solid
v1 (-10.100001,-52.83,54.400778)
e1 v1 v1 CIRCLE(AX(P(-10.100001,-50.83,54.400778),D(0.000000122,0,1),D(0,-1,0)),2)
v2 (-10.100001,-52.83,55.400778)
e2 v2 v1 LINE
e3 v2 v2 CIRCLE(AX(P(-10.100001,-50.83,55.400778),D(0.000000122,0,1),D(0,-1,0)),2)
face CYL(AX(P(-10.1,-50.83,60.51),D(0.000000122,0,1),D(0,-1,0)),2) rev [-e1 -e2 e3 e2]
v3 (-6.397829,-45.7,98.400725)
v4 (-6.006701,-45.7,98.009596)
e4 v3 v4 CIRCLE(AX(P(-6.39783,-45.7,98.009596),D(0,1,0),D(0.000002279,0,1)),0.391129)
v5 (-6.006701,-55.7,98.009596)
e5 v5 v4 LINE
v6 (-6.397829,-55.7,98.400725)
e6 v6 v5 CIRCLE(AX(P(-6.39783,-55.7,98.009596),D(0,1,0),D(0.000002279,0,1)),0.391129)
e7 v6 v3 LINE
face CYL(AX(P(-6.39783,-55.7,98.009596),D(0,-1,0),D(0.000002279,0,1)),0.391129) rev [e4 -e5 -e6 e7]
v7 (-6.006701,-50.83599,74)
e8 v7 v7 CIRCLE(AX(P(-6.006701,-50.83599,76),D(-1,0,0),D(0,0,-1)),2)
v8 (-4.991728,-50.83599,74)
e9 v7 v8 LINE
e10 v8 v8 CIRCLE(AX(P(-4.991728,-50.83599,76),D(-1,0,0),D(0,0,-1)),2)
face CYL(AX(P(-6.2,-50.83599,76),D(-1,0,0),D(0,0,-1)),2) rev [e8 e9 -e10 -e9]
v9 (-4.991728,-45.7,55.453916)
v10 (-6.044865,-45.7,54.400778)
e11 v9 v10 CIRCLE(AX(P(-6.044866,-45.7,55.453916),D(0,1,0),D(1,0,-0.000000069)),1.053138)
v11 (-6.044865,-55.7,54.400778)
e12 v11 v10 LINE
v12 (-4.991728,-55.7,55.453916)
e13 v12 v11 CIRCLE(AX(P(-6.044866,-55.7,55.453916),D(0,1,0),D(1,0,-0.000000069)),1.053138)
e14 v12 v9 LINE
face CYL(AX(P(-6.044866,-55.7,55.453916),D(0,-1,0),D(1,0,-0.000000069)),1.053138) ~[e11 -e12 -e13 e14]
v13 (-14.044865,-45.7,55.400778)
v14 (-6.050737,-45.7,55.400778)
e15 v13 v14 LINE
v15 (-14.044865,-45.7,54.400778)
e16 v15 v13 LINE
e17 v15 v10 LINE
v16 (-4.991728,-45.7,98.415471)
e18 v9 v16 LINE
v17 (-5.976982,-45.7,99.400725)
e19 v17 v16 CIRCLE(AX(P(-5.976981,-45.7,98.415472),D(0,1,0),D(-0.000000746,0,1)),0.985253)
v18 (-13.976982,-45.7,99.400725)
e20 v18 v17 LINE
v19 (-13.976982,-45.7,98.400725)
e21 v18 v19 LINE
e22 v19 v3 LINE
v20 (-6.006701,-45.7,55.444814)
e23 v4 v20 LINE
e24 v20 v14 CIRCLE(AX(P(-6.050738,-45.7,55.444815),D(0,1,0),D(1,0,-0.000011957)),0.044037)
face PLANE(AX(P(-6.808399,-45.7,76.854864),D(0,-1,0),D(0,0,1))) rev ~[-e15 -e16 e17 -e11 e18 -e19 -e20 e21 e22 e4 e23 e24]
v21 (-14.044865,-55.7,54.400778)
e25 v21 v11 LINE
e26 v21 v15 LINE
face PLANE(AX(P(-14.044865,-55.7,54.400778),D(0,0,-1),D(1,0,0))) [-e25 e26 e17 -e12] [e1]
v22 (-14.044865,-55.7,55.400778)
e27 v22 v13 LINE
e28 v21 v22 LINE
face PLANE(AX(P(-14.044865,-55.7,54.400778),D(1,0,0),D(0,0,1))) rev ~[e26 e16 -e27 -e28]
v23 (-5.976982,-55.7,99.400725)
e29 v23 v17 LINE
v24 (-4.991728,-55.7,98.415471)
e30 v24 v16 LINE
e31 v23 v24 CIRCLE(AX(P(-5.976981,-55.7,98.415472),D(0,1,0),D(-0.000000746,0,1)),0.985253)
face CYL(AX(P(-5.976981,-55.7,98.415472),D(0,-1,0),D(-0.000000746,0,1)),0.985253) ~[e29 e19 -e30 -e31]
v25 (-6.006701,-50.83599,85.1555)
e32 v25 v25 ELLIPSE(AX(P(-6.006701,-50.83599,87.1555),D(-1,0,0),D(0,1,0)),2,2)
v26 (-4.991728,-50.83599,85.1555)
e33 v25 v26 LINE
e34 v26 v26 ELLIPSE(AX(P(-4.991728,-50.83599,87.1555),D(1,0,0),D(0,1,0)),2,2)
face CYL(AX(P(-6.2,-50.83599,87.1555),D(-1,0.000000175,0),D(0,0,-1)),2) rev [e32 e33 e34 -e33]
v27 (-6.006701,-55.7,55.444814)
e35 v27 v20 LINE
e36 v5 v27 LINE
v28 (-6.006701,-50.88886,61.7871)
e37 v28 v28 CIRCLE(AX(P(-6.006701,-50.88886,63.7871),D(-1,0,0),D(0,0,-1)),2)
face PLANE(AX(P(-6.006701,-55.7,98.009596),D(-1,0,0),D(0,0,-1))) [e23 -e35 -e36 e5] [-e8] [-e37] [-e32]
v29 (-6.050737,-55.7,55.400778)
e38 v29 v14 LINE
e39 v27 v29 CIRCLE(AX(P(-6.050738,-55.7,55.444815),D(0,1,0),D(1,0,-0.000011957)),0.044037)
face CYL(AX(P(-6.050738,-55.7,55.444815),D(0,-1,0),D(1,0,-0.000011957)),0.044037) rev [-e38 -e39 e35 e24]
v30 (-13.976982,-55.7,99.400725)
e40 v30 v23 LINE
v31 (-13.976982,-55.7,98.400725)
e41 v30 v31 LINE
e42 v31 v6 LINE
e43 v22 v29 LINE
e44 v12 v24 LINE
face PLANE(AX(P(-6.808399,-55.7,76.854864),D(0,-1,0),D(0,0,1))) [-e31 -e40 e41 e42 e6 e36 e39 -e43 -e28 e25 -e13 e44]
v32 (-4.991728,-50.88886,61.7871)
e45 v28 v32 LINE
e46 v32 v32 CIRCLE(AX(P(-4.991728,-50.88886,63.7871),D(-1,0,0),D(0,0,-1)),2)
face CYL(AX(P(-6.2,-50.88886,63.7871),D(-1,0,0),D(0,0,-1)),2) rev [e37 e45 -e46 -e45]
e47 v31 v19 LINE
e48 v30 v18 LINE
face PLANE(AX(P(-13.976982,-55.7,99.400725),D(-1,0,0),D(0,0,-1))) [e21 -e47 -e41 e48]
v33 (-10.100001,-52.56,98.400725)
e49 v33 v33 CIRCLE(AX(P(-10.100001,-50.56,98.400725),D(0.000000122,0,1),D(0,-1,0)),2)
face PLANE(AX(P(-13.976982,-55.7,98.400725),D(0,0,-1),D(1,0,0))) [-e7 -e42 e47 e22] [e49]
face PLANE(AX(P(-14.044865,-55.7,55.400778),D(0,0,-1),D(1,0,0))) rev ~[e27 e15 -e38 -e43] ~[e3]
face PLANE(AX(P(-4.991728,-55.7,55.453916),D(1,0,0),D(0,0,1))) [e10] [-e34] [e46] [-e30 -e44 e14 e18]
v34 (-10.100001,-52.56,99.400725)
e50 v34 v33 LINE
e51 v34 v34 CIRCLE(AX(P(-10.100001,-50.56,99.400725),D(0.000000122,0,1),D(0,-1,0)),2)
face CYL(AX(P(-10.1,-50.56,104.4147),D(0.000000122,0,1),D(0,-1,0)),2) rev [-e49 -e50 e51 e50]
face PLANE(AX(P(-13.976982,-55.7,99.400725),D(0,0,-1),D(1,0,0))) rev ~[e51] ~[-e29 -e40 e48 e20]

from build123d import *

# Parameters (mm, degrees)
CYLINDER030_R               = 2
CYLINDER030_DEPTH           = 10
CYLINDER030_PITCH_ANGLE     = 90
CYLINDER030_PLACEMENT_ANGLE = 7e-06
CYLINDER031_R               = 2
CYLINDER031_DEPTH           = 10
CYLINDER031_PITCH_ANGLE     = 90
CYLINDER031_PLACEMENT_ANGLE = 7e-06
CYLINDER026_R               = 2
CYLINDER026_DEPTH           = 2
CYLINDER026_ROLL_ANGLE      = -88.507054
CYLINDER026_PITCH_ANGLE     = -87.01751
CYLINDER026_PLACEMENT_ANGLE = -92.244015
CYLINDER028_R               = 2
CYLINDER028_DEPTH           = 2
CYLINDER028_PLACEMENT_ANGLE = 90.00001
CYLINDER029_R               = 2
CYLINDER029_DEPTH           = 2
CYLINDER029_ROLL_ANGLE      = 90
CYLINDER027_R               = 2
CYLINDER027_DEPTH           = 2
CYLINDER027_ROLL_ANGLE      = 90
CYLINDER025_R               = 2
CYLINDER025_DEPTH           = 2
CYLINDER025_ROLL_ANGLE      = -88.507054
CYLINDER025_PITCH_ANGLE     = -87.01751
CYLINDER025_PLACEMENT_ANGLE = -92.244015
PAD006_DEPTH                = 10
CUT031_PITCH_ANGLE          = 90
CUT031_PLACEMENT_ANGLE      = 90


with BuildPart() as cylinder030:
    # Cylinder030 → Cylinder030 (new body)
    with BuildSketch(Plane.XY):
        Circle(CYLINDER030_R)
    extrude(amount=CYLINDER030_DEPTH)


with BuildPart() as cylinder030_1:
    # Cylinder030 pitch: moved
    add(cylinder030.part.rotate(Axis((0, 0, 0), (0, 1, 0)), CYLINDER030_PITCH_ANGLE))


with BuildPart() as cylinder030_2:
    # Cylinder030 placement: moved
    add(cylinder030_1.part.moved(Location((15.49, 3.9, 4.87))).rotate(Axis((15.49, 3.9, 4.87), (0, 0, 1)), CYLINDER030_PLACEMENT_ANGLE))


with BuildPart() as cylinder031:
    # Cylinder031 → Cylinder031 (new body)
    with BuildSketch(Plane.XY):
        Circle(CYLINDER031_R)
    extrude(amount=CYLINDER031_DEPTH)


with BuildPart() as cylinder031_1:
    # Cylinder031 pitch: moved
    add(cylinder031.part.rotate(Axis((0, 0, 0), (0, 1, 0)), CYLINDER031_PITCH_ANGLE))


with BuildPart() as cylinder031_2:
    # Cylinder031 placement: moved
    add(cylinder031_1.part.moved(Location((-28.4147, 3.9, 5.14))).rotate(Axis((-28.4147, 3.9, 5.14), (0, 0, 1)), CYLINDER031_PLACEMENT_ANGLE))


with BuildPart() as cylinder026:
    # Cylinder026 → Cylinder026 (new body)
    with BuildSketch(Plane.XY):
        Circle(CYLINDER026_R)
    extrude(amount=CYLINDER026_DEPTH)


with BuildPart() as cylinder026_1:
    # Cylinder026 roll: moved
    add(cylinder026.part.rotate(Axis((0, 0, 0), (1, 0, 0)), CYLINDER026_ROLL_ANGLE))


with BuildPart() as cylinder026_2:
    # Cylinder026 pitch: moved
    add(cylinder026_1.part.rotate(Axis((0, 0, 0), (0, 1, 0)), CYLINDER026_PITCH_ANGLE))


with BuildPart() as cylinder026_3:
    # Cylinder026 placement: moved
    add(cylinder026_2.part.moved(Location((-26, 5.29, 4.9))).rotate(Axis((-26, 5.29, 4.9), (0, 0, 1)), CYLINDER026_PLACEMENT_ANGLE))


with BuildPart() as cylinder028:
    # Cylinder028 → Cylinder028 (new body)
    with BuildSketch(Plane.XY):
        Circle(CYLINDER028_R)
    extrude(amount=CYLINDER028_DEPTH)


with BuildPart() as cylinder028_1:
    # Cylinder028 placement: moved
    add(cylinder028.part.moved(Location((-11.1555, 0, 4.86401))).rotate(Axis((-11.1555, 0, 4.86401), (1, 0, 0)), CYLINDER028_PLACEMENT_ANGLE))


with BuildPart() as cylinder029:
    # Cylinder029 → Cylinder029 (new body)
    with BuildSketch(Plane.XY):
        Circle(CYLINDER029_R)
    extrude(amount=CYLINDER029_DEPTH)


with BuildPart() as cylinder029_1:
    # Cylinder029 roll: moved
    add(cylinder029.part.rotate(Axis((0, 0, 0), (1, 0, 0)), CYLINDER029_ROLL_ANGLE))


with BuildPart() as cylinder029_2:
    # Cylinder029 placement: moved
    add(cylinder029_1.part.moved(Location((0, 0, 4.86401))))


with BuildPart() as cylinder027:
    # Cylinder027 → Cylinder027 (new body)
    with BuildSketch(Plane.XY):
        Circle(CYLINDER027_R)
    extrude(amount=CYLINDER027_DEPTH)


with BuildPart() as cylinder027_1:
    # Cylinder027 roll: moved
    add(cylinder027.part.rotate(Axis((0, 0, 0), (1, 0, 0)), CYLINDER027_ROLL_ANGLE))


with BuildPart() as cylinder027_2:
    # Cylinder027 placement: moved
    add(cylinder027_1.part.moved(Location((12.2129, 0, 4.81114))))


with BuildPart() as cylinder025:
    # Cylinder025 → Cylinder025 (new body)
    with BuildSketch(Plane.XY):
        Circle(CYLINDER025_R)
    extrude(amount=CYLINDER025_DEPTH)


with BuildPart() as cylinder025_1:
    # Cylinder025 roll: moved
    add(cylinder025.part.rotate(Axis((0, 0, 0), (1, 0, 0)), CYLINDER025_ROLL_ANGLE))


with BuildPart() as cylinder025_2:
    # Cylinder025 pitch: moved
    add(cylinder025_1.part.rotate(Axis((0, 0, 0), (0, 1, 0)), CYLINDER025_PITCH_ANGLE))


with BuildPart() as cylinder025_3:
    # Cylinder025 placement: moved
    add(cylinder025_2.part.moved(Location((25, 5.38, 4.9))).rotate(Axis((25, 5.38, 4.9), (0, 0, 1)), CYLINDER025_PLACEMENT_ANGLE))


with BuildPart() as cut031:
    # Sketch007 → Pad006 (new body)
    with BuildSketch(Plane.XY):
        with BuildLine():
            Line((20.546084, -1.208272), (-22.415471, -1.208272))
            ThreePointArc((-23.400725, -0.223018), (-23.112151, -0.919698), (-22.415471, -1.208272))
            Line((-23.400725, 7.776982), (-23.400725, -0.223018))
            Line((-23.400725, 7.776982), (-22.400725, 7.776982))
            Line((-22.400725, 7.776982), (-22.400725, 0.197829))
            ThreePointArc((-22.400725, 0.197829), (-22.286166, -0.07874), (-22.009596, -0.193299))
            Line((-22.009596, -0.193299), (20.555186, -0.193299))
            ThreePointArc((20.555186, -0.193299), (20.586324, -0.180401), (20.599222, -0.149263))
            Line((20.599222, 7.844865), (20.599222, -0.149263))
            Line((21.599222, 7.844865), (20.599222, 7.844865))
            Line((21.599222, 7.844865), (21.599222, -0.155135))
            ThreePointArc((20.546084, -1.208272), (21.290765, -0.899815), (21.599222, -0.155135))
        make_face()
    extrude(amount=PAD006_DEPTH)

    # Cut005: cut Cylinder025
    add(cylinder025_3.part, mode=Mode.SUBTRACT)

    # Cut006: cut Cylinder027
    add(cylinder027_2.part, mode=Mode.SUBTRACT)

    # Cut007: cut Cylinder029
    add(cylinder029_2.part, mode=Mode.SUBTRACT)

    # Cut008: cut Cylinder028
    add(cylinder028_1.part, mode=Mode.SUBTRACT)

    # Cut009: cut Cylinder026
    add(cylinder026_3.part, mode=Mode.SUBTRACT)

    # Cut018: cut Cylinder031
    add(cylinder031_2.part, mode=Mode.SUBTRACT)

    # Cut031: cut Cylinder030
    add(cylinder030_2.part, mode=Mode.SUBTRACT)


with BuildPart() as cut031_1:
    # Cut031 pitch: moved
    add(cut031.part.rotate(Axis((0, 0, 0), (0, 1, 0)), CUT031_PITCH_ANGLE))


with BuildPart() as cut031_2:
    # Cut031 placement: moved
    add(cut031_1.part.moved(Location((-6.2, -55.7, 76))).rotate(Axis((-6.2, -55.7, 76), (0, 0, 1)), CUT031_PLACEMENT_ANGLE))


solid = cut031_2.part
